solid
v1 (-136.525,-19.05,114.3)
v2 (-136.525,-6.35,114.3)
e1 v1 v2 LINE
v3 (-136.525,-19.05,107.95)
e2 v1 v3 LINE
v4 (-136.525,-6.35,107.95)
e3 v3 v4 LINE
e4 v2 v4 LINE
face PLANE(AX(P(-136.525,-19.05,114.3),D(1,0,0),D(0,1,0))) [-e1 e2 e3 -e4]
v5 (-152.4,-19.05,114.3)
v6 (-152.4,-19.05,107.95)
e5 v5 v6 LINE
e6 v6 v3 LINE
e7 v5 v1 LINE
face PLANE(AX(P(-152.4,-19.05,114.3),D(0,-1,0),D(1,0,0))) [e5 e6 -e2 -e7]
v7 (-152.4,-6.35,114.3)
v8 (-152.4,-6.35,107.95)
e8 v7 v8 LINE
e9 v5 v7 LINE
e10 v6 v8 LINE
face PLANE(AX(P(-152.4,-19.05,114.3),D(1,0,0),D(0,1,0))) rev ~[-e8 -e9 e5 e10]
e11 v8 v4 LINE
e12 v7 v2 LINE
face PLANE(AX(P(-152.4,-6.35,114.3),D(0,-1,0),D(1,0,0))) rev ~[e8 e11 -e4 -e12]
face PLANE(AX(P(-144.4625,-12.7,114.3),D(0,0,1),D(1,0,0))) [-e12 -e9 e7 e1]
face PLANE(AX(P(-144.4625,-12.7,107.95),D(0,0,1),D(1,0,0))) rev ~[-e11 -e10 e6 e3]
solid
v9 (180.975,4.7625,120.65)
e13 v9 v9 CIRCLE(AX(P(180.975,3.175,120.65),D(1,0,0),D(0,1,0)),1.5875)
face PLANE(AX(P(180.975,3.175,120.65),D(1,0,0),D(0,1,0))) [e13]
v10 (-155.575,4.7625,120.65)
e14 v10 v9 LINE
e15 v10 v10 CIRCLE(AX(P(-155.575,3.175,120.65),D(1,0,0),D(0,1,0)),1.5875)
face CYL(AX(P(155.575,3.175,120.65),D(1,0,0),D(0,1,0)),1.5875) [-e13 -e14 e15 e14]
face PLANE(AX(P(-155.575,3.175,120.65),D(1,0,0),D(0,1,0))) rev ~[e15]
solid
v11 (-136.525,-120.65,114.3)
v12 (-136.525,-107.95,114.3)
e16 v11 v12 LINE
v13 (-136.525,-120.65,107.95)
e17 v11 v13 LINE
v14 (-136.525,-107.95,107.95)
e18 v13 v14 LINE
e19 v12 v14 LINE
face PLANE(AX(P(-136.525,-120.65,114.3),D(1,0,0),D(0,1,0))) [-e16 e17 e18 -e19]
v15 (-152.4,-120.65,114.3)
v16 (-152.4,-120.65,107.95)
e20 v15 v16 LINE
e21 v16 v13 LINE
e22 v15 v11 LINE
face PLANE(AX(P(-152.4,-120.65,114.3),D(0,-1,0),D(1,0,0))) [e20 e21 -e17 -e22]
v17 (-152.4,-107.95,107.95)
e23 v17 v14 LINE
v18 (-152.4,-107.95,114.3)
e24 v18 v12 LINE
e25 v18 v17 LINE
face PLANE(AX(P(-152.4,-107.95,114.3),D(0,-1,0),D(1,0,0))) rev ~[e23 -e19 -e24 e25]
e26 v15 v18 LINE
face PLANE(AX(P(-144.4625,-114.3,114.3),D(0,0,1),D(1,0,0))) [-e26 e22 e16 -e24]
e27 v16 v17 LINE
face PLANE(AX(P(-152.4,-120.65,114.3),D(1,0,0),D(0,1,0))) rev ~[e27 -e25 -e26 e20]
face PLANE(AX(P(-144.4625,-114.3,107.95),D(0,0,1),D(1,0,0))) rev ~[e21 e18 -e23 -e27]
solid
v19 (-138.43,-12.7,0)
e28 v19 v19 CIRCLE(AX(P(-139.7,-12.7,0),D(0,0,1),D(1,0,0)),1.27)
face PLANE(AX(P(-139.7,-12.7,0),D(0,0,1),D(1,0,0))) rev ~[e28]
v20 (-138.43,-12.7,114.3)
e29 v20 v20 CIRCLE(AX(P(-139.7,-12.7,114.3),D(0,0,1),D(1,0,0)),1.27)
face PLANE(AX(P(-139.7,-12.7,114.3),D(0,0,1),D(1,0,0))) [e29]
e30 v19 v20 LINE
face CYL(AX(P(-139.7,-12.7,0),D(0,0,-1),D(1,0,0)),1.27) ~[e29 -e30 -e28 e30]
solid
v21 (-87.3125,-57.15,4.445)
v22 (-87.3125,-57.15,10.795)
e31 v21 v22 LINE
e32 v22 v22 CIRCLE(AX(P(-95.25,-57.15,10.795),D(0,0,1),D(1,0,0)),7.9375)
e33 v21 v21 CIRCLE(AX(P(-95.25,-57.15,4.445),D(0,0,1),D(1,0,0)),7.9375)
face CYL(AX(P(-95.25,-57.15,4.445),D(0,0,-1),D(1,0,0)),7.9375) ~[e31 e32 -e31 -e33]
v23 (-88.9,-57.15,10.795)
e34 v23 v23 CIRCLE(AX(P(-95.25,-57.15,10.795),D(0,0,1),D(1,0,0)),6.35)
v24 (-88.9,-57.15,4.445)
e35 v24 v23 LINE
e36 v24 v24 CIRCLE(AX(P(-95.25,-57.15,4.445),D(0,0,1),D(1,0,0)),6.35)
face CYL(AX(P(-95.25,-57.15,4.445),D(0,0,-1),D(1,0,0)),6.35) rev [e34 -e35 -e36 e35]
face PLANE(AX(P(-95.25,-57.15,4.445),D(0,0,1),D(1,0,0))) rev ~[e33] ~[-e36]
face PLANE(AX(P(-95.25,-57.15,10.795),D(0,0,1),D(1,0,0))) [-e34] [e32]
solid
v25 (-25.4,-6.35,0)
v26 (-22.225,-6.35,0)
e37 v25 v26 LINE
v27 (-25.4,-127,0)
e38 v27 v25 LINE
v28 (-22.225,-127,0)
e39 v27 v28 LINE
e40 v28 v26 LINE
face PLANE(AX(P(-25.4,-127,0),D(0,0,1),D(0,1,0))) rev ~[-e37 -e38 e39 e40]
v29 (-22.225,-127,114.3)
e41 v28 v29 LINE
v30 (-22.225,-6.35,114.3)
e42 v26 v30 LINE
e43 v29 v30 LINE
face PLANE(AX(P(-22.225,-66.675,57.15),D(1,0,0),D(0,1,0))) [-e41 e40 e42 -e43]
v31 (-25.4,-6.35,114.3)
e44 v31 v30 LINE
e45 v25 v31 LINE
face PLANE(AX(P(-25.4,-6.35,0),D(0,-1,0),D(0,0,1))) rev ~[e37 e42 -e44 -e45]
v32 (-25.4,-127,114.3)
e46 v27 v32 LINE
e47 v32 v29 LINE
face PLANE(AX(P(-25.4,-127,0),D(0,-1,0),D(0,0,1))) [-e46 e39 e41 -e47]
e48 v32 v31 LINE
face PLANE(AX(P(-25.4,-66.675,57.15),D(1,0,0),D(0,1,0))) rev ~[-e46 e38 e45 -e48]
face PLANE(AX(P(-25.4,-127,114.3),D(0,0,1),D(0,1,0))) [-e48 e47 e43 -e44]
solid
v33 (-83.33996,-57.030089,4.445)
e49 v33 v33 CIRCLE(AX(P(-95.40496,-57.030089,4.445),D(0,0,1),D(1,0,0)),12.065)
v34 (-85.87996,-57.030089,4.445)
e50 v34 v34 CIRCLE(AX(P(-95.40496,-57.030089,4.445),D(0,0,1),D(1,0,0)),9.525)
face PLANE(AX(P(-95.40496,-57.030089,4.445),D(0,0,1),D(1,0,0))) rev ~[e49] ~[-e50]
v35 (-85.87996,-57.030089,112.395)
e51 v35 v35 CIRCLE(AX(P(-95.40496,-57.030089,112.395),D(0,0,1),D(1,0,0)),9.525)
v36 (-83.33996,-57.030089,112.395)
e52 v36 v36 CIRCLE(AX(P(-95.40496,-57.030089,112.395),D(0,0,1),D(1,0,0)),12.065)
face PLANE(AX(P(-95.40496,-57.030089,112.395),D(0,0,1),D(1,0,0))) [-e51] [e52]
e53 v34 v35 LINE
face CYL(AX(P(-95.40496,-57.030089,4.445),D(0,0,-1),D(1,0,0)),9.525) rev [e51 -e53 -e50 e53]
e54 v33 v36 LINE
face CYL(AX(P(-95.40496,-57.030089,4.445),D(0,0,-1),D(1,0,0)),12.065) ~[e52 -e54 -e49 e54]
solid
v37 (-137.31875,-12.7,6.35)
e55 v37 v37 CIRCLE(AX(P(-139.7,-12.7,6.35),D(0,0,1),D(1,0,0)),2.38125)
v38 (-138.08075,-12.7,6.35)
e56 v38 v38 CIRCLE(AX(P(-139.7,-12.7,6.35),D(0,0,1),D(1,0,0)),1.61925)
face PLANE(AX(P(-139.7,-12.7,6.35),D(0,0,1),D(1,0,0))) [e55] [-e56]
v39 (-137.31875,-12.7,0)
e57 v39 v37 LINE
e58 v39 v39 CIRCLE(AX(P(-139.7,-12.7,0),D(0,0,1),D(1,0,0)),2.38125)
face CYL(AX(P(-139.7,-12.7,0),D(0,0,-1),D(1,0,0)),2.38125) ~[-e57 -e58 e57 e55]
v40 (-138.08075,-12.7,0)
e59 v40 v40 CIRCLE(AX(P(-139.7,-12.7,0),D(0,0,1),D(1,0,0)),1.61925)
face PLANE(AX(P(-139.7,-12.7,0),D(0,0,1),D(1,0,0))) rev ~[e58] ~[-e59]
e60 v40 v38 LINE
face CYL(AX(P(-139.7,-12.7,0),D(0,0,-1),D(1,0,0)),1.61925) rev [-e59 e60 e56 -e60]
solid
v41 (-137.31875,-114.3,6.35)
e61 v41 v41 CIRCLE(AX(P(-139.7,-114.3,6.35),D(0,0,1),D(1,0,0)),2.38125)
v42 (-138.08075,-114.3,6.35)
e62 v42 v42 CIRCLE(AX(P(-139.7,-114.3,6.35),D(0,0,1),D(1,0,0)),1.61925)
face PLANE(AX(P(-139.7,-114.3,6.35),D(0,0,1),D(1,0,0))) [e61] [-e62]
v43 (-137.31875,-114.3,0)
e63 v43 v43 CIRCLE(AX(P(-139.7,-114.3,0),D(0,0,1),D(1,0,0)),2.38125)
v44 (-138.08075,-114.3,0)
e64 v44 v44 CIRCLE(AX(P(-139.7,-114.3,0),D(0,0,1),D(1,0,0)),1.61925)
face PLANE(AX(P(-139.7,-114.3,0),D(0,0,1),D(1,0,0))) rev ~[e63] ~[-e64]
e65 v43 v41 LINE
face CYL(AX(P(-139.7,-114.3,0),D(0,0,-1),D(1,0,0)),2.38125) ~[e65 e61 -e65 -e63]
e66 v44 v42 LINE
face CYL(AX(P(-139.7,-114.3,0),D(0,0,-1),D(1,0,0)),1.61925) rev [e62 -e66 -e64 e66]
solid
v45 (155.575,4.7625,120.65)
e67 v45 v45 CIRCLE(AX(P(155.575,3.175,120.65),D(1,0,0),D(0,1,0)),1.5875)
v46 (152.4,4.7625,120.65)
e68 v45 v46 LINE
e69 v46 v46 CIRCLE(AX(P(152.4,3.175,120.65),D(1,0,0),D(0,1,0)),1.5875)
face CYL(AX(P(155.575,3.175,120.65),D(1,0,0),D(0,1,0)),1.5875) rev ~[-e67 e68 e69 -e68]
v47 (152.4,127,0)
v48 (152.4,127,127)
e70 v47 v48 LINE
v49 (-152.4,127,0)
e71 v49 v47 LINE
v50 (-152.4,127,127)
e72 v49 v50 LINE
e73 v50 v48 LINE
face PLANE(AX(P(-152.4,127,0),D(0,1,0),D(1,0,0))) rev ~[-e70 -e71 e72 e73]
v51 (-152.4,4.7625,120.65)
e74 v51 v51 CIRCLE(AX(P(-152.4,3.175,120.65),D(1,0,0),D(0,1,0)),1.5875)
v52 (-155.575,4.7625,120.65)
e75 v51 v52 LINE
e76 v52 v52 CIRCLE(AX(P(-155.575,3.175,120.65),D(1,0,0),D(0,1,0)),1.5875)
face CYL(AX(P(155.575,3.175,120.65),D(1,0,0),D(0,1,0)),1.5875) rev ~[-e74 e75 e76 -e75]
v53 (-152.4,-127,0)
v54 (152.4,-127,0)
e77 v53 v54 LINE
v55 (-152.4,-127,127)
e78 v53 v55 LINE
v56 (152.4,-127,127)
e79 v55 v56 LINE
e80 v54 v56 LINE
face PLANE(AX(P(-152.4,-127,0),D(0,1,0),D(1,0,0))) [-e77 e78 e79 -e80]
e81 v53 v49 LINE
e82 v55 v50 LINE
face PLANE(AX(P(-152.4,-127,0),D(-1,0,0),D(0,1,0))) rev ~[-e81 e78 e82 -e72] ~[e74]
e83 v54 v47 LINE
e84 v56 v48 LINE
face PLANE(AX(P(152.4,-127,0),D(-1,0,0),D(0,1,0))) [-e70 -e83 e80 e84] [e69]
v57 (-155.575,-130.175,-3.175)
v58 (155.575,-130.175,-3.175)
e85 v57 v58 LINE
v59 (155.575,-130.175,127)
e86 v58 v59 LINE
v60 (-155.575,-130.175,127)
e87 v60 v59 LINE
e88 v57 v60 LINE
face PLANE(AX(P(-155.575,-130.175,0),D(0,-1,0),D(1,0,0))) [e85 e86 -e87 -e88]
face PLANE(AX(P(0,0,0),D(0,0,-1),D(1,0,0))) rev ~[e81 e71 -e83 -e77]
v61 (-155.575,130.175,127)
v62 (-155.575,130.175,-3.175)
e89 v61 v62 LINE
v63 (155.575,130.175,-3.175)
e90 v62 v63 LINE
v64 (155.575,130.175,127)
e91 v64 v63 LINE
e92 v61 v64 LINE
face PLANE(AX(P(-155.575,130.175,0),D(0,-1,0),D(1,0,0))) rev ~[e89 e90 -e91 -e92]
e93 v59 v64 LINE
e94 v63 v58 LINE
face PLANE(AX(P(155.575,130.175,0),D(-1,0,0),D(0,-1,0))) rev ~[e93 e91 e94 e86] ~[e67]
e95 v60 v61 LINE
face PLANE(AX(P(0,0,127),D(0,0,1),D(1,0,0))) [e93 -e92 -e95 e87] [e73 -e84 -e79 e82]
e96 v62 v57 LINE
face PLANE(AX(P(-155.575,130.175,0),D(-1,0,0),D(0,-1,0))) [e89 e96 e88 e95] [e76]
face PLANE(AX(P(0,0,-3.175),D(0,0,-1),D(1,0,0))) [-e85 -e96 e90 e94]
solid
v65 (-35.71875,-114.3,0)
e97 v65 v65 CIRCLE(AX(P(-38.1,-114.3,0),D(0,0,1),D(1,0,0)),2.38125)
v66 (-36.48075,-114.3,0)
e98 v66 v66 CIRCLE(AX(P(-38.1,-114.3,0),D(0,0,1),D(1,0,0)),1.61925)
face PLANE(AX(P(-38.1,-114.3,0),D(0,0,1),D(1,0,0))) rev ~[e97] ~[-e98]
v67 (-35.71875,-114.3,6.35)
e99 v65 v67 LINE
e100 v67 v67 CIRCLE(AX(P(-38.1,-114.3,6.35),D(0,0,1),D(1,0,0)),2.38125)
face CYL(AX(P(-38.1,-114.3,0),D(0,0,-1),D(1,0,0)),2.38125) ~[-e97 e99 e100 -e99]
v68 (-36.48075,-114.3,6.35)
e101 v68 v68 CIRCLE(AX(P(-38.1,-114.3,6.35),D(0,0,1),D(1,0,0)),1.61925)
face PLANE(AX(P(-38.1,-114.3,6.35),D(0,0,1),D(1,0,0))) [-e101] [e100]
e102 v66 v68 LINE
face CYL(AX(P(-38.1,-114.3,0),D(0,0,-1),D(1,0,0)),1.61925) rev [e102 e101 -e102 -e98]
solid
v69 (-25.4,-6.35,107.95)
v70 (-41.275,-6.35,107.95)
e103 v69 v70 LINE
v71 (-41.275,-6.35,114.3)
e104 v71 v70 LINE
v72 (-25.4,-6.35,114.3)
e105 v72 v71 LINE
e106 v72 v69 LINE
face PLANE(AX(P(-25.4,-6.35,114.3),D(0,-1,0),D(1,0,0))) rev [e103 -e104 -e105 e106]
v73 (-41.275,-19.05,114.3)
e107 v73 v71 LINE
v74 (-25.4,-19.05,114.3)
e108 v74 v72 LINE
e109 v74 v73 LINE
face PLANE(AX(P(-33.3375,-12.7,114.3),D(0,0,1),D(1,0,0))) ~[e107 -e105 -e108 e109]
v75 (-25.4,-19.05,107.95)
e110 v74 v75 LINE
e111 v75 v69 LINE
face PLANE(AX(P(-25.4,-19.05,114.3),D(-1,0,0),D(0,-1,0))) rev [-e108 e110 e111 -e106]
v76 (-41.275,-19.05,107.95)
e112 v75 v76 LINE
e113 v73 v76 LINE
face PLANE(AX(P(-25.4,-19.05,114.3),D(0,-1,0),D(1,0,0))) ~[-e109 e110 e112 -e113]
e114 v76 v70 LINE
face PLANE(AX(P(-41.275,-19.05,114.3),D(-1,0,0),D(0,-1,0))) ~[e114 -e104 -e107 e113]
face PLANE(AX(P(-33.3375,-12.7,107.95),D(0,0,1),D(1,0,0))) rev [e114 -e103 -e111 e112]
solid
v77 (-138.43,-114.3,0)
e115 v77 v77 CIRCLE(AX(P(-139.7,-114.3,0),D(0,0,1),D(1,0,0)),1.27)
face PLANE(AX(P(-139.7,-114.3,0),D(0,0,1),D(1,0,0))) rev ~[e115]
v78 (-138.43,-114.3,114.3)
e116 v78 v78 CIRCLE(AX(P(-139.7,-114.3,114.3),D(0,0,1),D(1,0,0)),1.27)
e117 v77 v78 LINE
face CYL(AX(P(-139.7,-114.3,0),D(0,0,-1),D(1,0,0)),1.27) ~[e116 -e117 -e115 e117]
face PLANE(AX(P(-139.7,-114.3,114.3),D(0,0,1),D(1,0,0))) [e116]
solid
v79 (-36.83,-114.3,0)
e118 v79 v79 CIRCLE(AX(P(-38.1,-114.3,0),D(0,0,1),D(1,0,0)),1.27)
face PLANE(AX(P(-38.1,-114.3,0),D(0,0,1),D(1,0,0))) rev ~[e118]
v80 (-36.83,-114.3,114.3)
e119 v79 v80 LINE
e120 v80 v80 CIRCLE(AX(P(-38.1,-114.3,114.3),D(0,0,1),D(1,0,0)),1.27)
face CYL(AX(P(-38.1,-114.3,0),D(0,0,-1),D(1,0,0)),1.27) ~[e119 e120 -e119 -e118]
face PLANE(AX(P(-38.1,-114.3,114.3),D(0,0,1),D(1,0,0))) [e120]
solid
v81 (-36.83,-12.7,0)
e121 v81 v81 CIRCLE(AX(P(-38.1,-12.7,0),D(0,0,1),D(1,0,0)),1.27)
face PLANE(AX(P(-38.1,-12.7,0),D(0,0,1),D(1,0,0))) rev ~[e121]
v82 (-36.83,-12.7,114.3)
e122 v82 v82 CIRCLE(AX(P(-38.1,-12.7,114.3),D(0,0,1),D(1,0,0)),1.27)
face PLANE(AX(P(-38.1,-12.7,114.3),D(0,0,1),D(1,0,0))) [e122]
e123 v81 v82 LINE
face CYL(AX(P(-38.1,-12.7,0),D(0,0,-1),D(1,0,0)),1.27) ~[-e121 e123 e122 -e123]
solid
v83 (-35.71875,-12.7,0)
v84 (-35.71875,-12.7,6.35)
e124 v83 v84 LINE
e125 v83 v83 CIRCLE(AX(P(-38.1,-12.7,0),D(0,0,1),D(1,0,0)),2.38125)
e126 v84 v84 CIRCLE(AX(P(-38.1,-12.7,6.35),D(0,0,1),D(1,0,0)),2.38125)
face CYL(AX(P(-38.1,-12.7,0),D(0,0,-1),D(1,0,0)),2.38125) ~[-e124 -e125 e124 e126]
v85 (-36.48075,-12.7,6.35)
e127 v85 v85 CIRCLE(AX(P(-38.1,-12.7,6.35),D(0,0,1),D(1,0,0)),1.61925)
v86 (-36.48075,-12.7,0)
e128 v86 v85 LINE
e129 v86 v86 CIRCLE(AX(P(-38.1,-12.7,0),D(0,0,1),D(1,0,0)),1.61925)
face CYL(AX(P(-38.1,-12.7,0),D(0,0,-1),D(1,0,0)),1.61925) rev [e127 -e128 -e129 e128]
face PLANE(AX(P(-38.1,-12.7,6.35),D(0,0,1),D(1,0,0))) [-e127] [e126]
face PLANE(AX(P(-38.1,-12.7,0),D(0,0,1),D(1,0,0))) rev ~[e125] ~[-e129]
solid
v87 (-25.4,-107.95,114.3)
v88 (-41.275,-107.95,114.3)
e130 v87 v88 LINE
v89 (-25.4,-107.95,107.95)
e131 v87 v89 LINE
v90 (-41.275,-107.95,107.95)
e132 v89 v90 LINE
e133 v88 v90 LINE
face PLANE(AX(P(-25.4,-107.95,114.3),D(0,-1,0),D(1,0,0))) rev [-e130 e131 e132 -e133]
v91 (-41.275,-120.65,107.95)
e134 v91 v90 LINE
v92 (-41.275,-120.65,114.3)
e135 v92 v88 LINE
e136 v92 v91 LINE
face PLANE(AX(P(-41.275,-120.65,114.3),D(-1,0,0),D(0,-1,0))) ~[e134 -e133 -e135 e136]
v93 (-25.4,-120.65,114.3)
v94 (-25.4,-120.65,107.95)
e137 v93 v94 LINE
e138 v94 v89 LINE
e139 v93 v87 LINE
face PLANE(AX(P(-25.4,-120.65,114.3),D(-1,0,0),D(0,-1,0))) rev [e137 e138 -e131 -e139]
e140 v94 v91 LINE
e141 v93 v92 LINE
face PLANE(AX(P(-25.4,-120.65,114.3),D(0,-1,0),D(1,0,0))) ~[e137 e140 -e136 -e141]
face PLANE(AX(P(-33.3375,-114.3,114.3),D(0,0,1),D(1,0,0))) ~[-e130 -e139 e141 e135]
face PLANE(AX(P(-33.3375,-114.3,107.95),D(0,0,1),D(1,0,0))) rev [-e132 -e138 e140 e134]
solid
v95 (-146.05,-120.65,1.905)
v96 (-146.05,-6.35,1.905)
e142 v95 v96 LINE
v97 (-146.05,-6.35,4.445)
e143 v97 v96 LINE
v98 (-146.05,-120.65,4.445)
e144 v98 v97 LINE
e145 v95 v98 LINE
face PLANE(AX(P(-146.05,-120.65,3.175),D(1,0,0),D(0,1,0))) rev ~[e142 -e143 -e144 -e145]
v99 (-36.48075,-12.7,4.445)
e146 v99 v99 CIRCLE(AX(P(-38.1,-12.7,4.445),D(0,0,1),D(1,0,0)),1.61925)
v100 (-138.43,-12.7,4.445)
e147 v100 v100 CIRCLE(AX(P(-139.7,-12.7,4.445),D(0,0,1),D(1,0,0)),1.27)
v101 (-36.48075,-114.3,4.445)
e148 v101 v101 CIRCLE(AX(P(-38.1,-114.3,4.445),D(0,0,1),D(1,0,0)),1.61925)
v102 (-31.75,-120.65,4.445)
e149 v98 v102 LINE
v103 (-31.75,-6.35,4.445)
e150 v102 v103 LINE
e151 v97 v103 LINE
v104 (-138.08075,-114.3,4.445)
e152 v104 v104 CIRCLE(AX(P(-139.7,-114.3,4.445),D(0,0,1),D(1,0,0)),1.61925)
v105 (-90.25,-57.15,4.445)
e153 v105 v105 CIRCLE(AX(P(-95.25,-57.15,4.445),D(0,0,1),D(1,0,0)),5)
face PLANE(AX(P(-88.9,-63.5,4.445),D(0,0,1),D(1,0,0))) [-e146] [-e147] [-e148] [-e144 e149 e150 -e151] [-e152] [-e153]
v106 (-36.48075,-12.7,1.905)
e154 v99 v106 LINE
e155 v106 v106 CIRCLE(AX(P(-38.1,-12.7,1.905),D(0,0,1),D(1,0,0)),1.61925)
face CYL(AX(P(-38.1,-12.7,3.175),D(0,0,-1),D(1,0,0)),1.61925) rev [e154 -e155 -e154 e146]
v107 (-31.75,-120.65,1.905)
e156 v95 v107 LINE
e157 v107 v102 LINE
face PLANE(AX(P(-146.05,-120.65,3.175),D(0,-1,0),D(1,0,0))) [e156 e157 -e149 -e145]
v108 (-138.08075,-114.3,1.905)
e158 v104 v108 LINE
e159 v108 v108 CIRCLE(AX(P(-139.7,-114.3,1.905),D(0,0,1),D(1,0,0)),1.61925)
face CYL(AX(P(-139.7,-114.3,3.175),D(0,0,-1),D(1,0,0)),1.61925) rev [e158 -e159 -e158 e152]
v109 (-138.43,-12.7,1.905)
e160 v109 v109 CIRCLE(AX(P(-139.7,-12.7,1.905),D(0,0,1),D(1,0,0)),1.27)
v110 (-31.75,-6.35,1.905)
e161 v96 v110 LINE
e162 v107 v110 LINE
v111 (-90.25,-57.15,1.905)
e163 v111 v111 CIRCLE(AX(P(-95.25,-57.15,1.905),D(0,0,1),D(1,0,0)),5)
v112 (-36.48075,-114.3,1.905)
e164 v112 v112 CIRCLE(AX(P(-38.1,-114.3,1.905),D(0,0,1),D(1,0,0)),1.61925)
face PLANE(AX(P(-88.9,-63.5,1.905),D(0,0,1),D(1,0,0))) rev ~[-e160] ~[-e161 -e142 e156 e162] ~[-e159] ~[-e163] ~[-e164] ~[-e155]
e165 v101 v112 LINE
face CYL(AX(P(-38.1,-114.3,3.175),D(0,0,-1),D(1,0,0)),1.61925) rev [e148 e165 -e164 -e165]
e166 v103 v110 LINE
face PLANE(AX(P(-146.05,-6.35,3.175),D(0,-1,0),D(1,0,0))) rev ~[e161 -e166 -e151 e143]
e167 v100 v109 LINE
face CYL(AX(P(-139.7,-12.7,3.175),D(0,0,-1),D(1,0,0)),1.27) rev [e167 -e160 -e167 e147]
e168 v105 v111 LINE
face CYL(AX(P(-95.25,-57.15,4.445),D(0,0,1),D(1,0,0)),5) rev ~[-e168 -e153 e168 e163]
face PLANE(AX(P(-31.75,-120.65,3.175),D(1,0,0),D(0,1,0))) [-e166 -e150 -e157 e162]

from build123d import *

# Parameters (mm, degrees)
F0_W           = 311.15
F0_H           = 260.35
F0_W_2         = 304.8
F0_H_2         = 254
F1_DEPTH       = 127
F2_W           = 311.15
F2_H           = 260.35
F3_DEPTH       = 3.175
F4_R           = 1.27
F5_DEPTH       = 114.3
F6_W           = 15.875
F6_H           = 12.7
F7_DEPTH       = 6.35
F11_W          = 120.65
F11_H          = 114.3
F12_DEPTH      = 3.175
F13_R          = 2.38125
F13_R_2        = 1.61925
F14_DEPTH      = 6.35
F16_W          = 114.3
F16_H          = 114.3
F16_R          = 1.61925
F16_R_2        = 1.27
F17_DEPTH      = 1.27
F18_R          = 1.5875
F19_DEPTH      = 311.151
F20_R          = 1.5875
F21_DEPTH      = 25.4
F21_DEPTH_BACK = 311.15
F22_R          = 7.9375
F22_R_2        = 6.35
F23_DEPTH      = 6.35
F24_R          = 12.065
F24_R_2        = 9.525
F25_DEPTH      = 107.95
F26_R          = 5
F27_DEPTH      = 7.621


with BuildPart() as f1:
    # F0 (on Top) → F1 (new body)
    with BuildSketch(Plane.XY):
        Rectangle(F0_W, F0_H)
        Rectangle(F0_W_2, F0_H_2, mode=Mode.SUBTRACT)
    extrude(amount=F1_DEPTH)

    # F2 (on face) → F3 (join)
    with BuildSketch(Plane(origin=(0, 0, 0), x_dir=(1, 0, 0), z_dir=(0, 0, -1))):
        Rectangle(F2_W, F2_H)
    extrude(amount=F3_DEPTH)

    # F18 (on face) → F19 (cut, through all)
    with BuildSketch(Plane.YZ.offset(155.575)):
        with Locations((3.175, 120.65)):
            Circle(F18_R)
    extrude(amount=-F19_DEPTH, mode=Mode.SUBTRACT)


with BuildPart() as f5:
    # F4 (on face) → F5 (new body)
    with BuildSketch(Plane.XY):
        with Locations((-139.7, -114.3)):
            Circle(F4_R)
    extrude(amount=F5_DEPTH)


with BuildPart() as f5b:
    # F4 (on face) → F5, piece 2 (new body)
    with BuildSketch(Plane.XY):
        with Locations((-38.1, -114.3)):
            Circle(F4_R)
    extrude(amount=F5_DEPTH)


with BuildPart() as f5c:
    # F4 (on face) → F5, piece 3 (new body)
    with BuildSketch(Plane.XY):
        with Locations((-139.7, -12.7)):
            Circle(F4_R)
    extrude(amount=F5_DEPTH)


with BuildPart() as f5d:
    # F4 (on face) → F5, piece 4 (new body)
    with BuildSketch(Plane.XY):
        with Locations((-38.1, -12.7)):
            Circle(F4_R)
    extrude(amount=F5_DEPTH)


with BuildPart() as f7:
    # F6 (on face) → F7 (new body)
    with BuildSketch(Plane.XY.offset(114.3)):
        with Locations((-144.4625, -12.7)):
            Rectangle(F6_W, F6_H)
    extrude(amount=-F7_DEPTH)


with BuildPart() as f7b:
    # F6 (on face) → F7, piece 2 (new body)
    with BuildSketch(Plane.XY.offset(114.3)):
        with Locations((-144.4625, -114.3)):
            Rectangle(F6_W, F6_H)
    extrude(amount=-F7_DEPTH)


with BuildPart() as f10_1:
    # F10: instance of F7
    add(f7.part.mirror(Plane(origin=(-88.9, -114.3, 114.3), x_dir=(0, 1, 0), z_dir=(1, 0, 0))))


with BuildPart() as f10_2:
    # F10: instance of F7b
    add(f7b.part.mirror(Plane(origin=(-88.9, -114.3, 114.3), x_dir=(0, 1, 0), z_dir=(1, 0, 0))))


with BuildPart() as f12:
    # F11 (on face) → F12 (new body)
    with BuildSketch(Plane.YZ.offset(-25.4)):
        with Locations((-66.675, 57.15)):
            Rectangle(F11_W, F11_H)
    extrude(amount=F12_DEPTH)


with BuildPart() as f14:
    # F13 (on face) → F14 (new body)
    with BuildSketch(Plane.XY):
        with Locations((-139.7, -12.7)):
            Circle(F13_R)
        with Locations((-139.7, -12.7)):
            Circle(F13_R_2, mode=Mode.SUBTRACT)
    extrude(amount=F14_DEPTH)


with BuildPart() as f14b:
    # F13 (on face) → F14, piece 2 (new body)
    with BuildSketch(Plane.XY):
        with Locations((-38.1, -12.7)):
            Circle(F13_R)
        with Locations((-38.1, -12.7)):
            Circle(F13_R_2, mode=Mode.SUBTRACT)
    extrude(amount=F14_DEPTH)


with BuildPart() as f14c:
    # F13 (on face) → F14, piece 3 (new body)
    with BuildSketch(Plane.XY):
        with Locations((-139.7, -114.3)):
            Circle(F13_R)
        with Locations((-139.7, -114.3)):
            Circle(F13_R_2, mode=Mode.SUBTRACT)
    extrude(amount=F14_DEPTH)


with BuildPart() as f14d:
    # F13 (on face) → F14, piece 4 (new body)
    with BuildSketch(Plane.XY):
        with Locations((-38.1, -114.3)):
            Circle(F13_R)
        with Locations((-38.1, -114.3)):
            Circle(F13_R_2, mode=Mode.SUBTRACT)
    extrude(amount=F14_DEPTH)


with BuildPart() as f17:
    # F16 (on mid) → F17 (new body, symmetric)
    with BuildSketch(Plane.XY.offset(3.175)):
        with Locations((-88.9, -63.5)):
            Rectangle(F16_W, F16_H)
        with Locations((-139.7, -114.3)):
            Circle(F16_R, mode=Mode.SUBTRACT)
        with Locations((-38.1, -114.3)):
            Circle(F16_R, mode=Mode.SUBTRACT)
        with Locations((-139.7, -12.7)):
            Circle(F16_R_2, mode=Mode.SUBTRACT)
        with Locations((-38.1, -12.7)):
            Circle(F16_R, mode=Mode.SUBTRACT)
    extrude(amount=F17_DEPTH, both=True)

    # F26 (on face) → F27 (cut, through all)
    with BuildSketch(Plane.XY.offset(4.445)):
        with Locations((-95.25, -57.15)):
            Circle(F26_R)
    extrude(amount=-F27_DEPTH, mode=Mode.SUBTRACT)


with BuildPart() as f21:
    # F20 (on face) → F21 (new body, two sides)
    with BuildSketch(Plane.YZ.offset(155.575)) as f21_sk:
        with Locations((3.175, 120.65)):
            Circle(F20_R)
    extrude(amount=F21_DEPTH)
    extrude(f21_sk.sketch, amount=-F21_DEPTH_BACK)


with BuildPart() as f23:
    # F22 (on face) → F23 (new body)
    with BuildSketch(Plane.XY.offset(4.445)):
        with Locations((-95.25, -57.15)):
            Circle(F22_R)
        with Locations((-95.25, -57.15)):
            Circle(F22_R_2, mode=Mode.SUBTRACT)
    extrude(amount=F23_DEPTH)


with BuildPart() as f25:
    # F24 (on face) → F25 (new body)
    with BuildSketch(Plane.XY.offset(4.445)):
        with Locations((-95.4049602151, -57.0300891995)):
            Circle(F24_R)
        with Locations((-95.4049602151, -57.0300891995)):
            Circle(F24_R_2, mode=Mode.SUBTRACT)
    extrude(amount=F25_DEPTH)


solid = Compound([f1.part, f5.part, f5b.part, f5c.part, f5d.part, f7.part, f7b.part, f10_1.part, f10_2.part, f12.part, f14.part, f14b.part, f14c.part, f14d.part, f17.part, f21.part, f23.part, f25.part])
